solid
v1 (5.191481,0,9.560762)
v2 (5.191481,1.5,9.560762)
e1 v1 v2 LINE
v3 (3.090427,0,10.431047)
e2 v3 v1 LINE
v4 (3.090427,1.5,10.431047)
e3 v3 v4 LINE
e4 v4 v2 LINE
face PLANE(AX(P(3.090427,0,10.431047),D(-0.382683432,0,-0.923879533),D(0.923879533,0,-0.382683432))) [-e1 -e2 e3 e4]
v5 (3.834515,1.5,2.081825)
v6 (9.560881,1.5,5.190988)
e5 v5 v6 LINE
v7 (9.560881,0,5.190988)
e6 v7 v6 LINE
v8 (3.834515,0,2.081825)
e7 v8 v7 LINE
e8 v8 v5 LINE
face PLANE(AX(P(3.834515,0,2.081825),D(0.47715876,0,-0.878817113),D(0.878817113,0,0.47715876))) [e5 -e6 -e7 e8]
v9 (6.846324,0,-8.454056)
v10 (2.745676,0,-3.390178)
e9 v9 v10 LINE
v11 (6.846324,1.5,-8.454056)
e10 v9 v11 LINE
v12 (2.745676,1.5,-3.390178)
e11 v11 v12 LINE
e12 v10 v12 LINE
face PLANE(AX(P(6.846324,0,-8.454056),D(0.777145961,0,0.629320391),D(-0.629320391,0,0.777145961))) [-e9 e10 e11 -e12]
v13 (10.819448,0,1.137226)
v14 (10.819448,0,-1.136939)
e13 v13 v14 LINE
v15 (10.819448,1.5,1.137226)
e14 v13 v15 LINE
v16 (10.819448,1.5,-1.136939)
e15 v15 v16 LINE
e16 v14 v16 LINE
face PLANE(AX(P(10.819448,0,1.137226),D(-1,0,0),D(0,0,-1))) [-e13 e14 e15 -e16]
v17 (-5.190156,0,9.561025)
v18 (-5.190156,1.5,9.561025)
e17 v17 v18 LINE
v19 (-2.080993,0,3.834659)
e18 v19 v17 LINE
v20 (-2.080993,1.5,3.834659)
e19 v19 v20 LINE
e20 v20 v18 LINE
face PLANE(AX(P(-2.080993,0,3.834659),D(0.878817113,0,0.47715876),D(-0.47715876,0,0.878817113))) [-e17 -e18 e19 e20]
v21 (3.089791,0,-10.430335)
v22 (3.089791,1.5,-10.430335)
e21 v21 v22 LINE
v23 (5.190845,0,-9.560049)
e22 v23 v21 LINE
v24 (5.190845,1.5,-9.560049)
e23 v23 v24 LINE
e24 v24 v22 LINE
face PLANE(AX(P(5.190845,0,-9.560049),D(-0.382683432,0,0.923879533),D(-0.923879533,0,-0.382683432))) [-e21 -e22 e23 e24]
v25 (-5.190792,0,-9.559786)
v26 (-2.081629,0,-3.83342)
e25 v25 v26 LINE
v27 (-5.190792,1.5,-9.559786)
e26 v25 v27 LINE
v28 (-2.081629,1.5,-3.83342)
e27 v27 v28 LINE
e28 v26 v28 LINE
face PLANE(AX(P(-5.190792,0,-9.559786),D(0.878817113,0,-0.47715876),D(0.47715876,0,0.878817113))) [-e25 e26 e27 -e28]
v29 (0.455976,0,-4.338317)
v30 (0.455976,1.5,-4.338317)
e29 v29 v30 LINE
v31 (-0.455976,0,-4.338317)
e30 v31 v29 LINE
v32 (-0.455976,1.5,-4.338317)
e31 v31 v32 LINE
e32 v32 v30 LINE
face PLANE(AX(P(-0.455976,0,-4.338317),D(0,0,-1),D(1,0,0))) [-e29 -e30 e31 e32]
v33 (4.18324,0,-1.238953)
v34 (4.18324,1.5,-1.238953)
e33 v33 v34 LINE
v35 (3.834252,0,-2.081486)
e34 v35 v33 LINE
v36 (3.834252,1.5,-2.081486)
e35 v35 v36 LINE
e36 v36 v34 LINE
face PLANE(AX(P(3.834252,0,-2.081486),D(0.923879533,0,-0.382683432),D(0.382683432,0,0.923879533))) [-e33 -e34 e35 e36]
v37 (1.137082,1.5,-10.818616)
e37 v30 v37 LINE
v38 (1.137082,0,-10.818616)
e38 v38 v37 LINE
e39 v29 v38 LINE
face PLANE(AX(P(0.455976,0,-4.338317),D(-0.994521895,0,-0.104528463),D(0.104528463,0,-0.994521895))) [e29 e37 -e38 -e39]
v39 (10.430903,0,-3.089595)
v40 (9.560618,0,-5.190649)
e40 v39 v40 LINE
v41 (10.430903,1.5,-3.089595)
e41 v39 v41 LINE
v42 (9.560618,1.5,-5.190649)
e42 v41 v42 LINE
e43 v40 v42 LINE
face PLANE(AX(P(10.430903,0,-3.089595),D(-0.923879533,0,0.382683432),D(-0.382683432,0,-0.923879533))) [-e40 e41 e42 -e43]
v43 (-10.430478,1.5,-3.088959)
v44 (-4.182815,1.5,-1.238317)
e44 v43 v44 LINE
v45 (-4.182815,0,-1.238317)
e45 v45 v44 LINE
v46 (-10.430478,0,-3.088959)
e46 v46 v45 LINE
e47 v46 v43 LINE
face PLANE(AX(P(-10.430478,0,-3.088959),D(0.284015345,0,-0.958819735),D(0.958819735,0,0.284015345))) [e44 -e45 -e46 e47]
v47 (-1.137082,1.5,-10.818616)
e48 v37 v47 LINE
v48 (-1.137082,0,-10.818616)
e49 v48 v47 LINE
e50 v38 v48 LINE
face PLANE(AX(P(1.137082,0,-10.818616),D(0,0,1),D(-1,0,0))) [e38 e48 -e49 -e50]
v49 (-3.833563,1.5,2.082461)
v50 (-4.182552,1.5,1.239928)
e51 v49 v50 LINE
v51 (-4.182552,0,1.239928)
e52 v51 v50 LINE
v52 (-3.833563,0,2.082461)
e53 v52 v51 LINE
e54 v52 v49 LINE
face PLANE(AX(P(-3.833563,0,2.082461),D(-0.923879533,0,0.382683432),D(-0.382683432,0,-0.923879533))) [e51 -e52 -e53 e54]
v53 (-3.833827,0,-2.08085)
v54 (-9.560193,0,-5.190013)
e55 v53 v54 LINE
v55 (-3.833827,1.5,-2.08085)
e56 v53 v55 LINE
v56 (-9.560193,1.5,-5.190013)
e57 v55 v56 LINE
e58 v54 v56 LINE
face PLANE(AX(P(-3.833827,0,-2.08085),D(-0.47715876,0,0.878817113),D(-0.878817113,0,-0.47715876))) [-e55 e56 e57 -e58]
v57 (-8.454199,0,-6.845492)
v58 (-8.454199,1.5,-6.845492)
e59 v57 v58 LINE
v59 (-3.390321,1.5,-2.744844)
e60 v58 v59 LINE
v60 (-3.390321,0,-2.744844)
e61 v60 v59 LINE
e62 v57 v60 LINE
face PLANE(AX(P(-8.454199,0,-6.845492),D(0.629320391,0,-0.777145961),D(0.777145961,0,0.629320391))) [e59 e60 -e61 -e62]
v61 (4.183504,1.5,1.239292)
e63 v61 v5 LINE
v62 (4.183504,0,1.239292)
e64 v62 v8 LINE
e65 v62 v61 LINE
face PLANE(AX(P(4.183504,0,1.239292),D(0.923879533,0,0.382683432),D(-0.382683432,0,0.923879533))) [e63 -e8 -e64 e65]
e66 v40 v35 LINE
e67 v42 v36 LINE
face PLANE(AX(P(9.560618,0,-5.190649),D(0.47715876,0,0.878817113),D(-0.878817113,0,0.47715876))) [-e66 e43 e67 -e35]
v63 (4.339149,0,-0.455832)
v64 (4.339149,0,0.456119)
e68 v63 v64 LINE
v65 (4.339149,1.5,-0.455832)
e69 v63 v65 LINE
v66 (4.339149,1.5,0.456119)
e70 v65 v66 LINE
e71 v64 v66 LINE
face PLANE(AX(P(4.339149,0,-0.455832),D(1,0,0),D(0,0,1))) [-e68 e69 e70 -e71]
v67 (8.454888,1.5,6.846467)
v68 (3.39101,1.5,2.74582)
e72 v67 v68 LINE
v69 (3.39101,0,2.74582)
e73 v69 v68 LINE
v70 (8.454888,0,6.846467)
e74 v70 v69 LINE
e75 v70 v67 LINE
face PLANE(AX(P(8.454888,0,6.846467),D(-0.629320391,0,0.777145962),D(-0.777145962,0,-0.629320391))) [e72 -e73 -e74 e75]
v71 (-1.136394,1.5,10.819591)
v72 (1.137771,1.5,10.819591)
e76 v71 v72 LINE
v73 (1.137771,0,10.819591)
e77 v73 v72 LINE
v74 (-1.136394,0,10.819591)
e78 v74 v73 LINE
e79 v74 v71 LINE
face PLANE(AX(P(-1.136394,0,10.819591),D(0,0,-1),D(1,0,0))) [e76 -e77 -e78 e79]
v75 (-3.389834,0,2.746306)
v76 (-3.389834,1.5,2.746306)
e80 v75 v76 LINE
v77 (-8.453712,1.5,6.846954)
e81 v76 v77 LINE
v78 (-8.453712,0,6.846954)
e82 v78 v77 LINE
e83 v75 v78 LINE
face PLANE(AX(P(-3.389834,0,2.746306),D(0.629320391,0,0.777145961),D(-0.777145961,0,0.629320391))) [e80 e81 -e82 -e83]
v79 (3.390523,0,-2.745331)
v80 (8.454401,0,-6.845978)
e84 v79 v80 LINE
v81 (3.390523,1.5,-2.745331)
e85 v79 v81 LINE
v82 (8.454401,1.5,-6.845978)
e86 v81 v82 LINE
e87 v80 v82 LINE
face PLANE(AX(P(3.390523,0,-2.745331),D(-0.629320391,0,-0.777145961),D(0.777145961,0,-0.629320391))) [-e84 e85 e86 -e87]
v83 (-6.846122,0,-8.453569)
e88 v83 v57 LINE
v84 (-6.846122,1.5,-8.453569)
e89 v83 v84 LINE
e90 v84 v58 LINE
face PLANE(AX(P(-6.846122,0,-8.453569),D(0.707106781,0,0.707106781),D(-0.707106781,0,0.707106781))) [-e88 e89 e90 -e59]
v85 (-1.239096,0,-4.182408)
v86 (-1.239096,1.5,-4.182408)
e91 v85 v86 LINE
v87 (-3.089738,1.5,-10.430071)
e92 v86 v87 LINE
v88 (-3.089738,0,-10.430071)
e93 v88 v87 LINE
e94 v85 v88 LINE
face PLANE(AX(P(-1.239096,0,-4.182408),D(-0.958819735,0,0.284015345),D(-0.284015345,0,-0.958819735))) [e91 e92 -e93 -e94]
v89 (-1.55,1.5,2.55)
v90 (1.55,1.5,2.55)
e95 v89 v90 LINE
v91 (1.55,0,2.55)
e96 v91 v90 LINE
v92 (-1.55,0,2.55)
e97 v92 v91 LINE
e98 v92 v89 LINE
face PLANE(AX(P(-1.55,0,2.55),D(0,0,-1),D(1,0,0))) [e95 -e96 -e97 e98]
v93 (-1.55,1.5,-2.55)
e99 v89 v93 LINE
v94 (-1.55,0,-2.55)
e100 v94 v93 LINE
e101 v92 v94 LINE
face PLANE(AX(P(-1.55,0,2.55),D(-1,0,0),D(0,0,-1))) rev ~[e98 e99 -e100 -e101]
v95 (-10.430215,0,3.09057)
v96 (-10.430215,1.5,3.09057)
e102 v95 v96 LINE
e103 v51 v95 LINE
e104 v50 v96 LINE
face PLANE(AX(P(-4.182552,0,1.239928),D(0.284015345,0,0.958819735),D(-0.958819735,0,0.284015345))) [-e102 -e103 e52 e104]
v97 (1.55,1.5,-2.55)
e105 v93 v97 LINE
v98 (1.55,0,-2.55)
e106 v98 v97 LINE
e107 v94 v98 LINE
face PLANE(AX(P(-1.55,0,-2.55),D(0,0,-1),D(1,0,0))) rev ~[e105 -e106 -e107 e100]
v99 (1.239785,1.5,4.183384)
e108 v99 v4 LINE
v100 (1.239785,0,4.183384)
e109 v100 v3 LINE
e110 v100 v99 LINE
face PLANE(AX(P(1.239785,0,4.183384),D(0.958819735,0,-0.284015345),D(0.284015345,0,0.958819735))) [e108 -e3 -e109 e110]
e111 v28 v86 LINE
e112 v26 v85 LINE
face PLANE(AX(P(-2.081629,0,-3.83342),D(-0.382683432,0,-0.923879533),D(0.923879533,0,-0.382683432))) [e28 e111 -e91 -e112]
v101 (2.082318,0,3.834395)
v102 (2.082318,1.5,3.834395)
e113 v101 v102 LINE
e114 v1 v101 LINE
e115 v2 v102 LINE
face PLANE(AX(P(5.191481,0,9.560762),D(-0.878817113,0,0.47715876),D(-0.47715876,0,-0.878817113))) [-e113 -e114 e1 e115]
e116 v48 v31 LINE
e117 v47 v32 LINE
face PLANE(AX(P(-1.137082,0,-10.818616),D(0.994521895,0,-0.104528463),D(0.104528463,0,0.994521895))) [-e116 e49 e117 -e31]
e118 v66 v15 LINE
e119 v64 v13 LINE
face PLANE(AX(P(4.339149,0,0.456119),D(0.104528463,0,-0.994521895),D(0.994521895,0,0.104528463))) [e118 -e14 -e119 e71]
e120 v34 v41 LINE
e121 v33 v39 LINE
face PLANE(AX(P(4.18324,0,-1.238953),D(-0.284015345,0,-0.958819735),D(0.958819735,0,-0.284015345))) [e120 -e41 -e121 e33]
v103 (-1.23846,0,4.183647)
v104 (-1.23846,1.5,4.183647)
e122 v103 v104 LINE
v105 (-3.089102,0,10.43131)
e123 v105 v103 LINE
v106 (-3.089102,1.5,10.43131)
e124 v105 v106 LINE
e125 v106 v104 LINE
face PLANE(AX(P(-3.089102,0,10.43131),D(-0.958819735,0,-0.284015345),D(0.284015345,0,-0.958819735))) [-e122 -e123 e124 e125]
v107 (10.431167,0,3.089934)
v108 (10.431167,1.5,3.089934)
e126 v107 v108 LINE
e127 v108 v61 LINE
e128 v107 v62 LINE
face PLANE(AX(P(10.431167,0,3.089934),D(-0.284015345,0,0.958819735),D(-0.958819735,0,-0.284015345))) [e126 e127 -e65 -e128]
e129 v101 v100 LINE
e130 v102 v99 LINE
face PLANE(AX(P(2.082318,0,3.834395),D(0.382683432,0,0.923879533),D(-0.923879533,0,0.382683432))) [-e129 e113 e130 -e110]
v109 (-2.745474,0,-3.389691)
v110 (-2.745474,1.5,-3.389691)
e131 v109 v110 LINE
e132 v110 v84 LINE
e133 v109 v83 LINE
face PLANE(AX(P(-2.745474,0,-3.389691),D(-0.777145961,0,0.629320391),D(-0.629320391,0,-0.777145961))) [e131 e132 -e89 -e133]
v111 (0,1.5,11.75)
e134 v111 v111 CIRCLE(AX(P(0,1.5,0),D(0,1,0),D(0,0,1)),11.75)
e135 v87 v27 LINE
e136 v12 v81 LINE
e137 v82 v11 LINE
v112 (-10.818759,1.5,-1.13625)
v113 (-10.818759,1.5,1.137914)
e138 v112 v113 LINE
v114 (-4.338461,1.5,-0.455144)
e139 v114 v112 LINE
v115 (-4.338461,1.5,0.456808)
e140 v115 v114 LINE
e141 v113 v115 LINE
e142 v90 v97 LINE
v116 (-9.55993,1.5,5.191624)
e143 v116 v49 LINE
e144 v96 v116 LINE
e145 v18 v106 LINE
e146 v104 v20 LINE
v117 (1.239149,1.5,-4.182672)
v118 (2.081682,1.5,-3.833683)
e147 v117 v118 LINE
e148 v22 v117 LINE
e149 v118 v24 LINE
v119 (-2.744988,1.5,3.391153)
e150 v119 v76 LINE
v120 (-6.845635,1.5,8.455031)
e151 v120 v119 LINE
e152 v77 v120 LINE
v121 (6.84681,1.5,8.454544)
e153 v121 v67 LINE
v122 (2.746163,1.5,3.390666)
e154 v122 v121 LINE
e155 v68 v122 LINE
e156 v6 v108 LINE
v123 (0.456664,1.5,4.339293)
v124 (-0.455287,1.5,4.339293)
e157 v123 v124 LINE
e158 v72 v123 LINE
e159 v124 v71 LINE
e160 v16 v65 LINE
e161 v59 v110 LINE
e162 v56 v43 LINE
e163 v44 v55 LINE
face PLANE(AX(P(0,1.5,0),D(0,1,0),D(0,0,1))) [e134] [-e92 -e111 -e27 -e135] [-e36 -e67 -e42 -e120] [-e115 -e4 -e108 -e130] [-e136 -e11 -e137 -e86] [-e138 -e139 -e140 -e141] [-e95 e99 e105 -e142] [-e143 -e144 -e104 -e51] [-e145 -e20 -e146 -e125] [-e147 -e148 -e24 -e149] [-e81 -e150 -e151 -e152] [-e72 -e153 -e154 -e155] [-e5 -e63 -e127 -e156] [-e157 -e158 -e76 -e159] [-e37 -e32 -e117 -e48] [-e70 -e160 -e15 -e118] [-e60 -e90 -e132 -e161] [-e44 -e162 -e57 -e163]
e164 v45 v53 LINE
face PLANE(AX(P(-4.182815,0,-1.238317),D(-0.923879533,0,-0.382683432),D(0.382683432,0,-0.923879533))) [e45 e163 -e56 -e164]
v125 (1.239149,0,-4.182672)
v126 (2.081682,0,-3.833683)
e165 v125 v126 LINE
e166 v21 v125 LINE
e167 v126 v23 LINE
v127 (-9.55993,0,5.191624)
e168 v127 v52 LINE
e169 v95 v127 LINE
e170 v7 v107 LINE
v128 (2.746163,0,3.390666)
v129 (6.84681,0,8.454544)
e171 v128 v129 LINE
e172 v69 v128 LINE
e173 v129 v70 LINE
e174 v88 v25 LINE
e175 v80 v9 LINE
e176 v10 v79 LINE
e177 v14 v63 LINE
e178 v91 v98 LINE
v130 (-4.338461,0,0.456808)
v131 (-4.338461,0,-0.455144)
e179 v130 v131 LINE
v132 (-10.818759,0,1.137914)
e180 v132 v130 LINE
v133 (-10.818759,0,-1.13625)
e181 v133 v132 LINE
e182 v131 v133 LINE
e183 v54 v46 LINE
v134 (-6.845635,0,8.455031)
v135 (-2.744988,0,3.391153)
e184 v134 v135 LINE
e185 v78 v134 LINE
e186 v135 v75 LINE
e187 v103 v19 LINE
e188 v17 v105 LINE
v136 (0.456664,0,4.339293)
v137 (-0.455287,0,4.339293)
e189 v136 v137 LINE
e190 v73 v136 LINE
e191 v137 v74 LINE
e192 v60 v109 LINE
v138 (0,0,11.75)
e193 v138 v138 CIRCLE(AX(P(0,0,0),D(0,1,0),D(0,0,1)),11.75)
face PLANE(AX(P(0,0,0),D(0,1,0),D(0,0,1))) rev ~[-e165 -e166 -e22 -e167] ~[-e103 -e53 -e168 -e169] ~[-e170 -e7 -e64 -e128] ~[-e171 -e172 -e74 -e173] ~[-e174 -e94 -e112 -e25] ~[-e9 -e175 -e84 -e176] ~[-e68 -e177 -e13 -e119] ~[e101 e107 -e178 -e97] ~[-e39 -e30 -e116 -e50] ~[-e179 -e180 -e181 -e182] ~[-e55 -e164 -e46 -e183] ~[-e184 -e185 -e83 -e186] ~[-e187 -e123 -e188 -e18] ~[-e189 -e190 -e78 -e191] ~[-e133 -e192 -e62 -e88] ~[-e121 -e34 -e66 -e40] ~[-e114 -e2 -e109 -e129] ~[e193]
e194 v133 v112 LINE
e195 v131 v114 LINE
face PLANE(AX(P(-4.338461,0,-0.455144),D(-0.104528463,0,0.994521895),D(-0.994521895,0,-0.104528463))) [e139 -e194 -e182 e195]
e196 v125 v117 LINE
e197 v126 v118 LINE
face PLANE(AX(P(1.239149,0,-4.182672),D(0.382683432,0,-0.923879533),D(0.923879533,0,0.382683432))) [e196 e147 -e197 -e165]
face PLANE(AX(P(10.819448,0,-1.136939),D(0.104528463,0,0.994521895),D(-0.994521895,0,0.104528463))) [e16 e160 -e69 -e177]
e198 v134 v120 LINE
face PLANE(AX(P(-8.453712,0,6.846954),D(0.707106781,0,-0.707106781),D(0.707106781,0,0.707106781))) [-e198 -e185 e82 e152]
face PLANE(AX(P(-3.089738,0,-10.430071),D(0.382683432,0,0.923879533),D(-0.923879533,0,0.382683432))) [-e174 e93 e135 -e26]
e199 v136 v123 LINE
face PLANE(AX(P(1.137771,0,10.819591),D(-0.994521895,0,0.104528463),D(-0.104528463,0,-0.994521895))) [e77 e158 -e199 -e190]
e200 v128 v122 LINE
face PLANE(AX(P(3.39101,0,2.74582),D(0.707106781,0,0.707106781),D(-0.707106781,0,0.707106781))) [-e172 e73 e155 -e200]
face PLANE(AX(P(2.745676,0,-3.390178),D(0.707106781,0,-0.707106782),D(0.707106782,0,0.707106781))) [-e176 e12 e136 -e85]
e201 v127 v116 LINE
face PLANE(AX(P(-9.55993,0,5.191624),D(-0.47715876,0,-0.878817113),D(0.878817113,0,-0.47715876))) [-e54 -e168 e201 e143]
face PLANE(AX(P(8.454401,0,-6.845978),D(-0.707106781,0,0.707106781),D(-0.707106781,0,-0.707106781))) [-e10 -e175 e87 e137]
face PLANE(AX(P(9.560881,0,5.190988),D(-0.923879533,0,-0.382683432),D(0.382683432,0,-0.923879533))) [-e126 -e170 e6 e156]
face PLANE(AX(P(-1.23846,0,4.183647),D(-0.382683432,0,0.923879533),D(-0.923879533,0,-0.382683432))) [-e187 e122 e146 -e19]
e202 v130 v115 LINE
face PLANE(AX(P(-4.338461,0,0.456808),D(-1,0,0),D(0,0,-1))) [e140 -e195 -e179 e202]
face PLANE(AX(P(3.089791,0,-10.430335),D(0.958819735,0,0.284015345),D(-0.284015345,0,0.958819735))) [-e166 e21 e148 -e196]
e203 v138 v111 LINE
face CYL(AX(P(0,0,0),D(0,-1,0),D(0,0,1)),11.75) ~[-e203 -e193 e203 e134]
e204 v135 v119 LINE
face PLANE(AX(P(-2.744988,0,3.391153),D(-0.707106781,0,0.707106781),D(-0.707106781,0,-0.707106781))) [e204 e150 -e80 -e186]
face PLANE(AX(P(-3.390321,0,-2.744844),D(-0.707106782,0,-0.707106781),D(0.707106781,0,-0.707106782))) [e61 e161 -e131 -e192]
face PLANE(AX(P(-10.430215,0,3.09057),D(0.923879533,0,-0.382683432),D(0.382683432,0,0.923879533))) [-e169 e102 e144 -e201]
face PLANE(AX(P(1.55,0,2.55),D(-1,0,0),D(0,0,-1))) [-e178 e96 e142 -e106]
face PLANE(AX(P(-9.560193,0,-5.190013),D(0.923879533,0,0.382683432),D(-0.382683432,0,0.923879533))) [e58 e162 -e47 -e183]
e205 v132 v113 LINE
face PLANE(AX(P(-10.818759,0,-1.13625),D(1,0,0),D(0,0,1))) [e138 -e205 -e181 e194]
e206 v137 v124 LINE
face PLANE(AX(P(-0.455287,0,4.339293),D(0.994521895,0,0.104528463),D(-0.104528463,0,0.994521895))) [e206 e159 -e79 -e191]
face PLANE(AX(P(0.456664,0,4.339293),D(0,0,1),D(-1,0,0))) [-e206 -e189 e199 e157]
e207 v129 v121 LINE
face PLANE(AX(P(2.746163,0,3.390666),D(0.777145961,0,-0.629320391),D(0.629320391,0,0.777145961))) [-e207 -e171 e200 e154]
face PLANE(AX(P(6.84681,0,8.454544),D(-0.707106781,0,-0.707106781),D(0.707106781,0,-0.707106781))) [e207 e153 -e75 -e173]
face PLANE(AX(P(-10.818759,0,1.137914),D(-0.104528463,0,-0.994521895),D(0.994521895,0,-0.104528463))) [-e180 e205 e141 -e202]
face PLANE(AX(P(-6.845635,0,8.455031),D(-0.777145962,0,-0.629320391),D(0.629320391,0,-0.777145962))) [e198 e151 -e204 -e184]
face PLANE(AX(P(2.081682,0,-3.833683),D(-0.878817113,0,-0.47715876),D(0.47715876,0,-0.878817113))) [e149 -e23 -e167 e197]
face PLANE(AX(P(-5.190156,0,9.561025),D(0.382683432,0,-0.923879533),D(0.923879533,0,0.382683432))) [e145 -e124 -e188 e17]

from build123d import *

# Parameters (mm, degrees)
SKETCH1_R           = 11.75
SKETCH1_W           = 3.1
SKETCH1_H           = 5.1
BOSS_EXTRUDE1_DEPTH = 1.5


with BuildPart() as part:
    # Sketch1 (on Top Plane) → Boss-Extrude1 (new body)
    with BuildSketch(Plane(origin=(0, 0, 0), x_dir=(1, 0, 0), z_dir=(0, 1, 0))):
        with Locations(Location((0, 0, 0), (0, 0, 270))):
            Circle(SKETCH1_R)
        Rectangle(SKETCH1_W, SKETCH1_H, mode=Mode.SUBTRACT)
        Polygon((0.455975537, 4.338317439), (1.137082311, 10.81861552), (-1.137082311, 10.81861552), (-0.455975537, 4.338317439), align=None, mode=Mode.SUBTRACT)
        Polygon((2.081681544, 3.833682994), (5.190844864, 9.560049478), (3.089790717, 10.430334601), (1.239148612, 4.182671561), align=None, mode=Mode.SUBTRACT)
        Polygon((3.390522808, 2.745330804), (8.454400744, 6.845978303), (6.846323518, 8.454055528), (2.745676019, 3.390177592), align=None, mode=Mode.SUBTRACT)
        Polygon((4.183240111, 1.238952624), (10.430903151, 3.089594729), (9.560618028, 5.190648876), (3.834251544, 2.081485556), align=None, mode=Mode.SUBTRACT)
        Polygon((4.339149431, -0.456119123), (10.819447512, -1.137225897), (10.819447512, 1.136938725), (4.339149431, 0.455831951), align=None, mode=Mode.SUBTRACT)
        Polygon((3.834514986, -2.08182513), (9.56088147, -5.19098845), (10.431166593, -3.089934303), (4.183503553, -1.239292198), align=None, mode=Mode.SUBTRACT)
        Polygon((2.746162796, -3.390666394), (6.846810295, -8.45454433), (8.45488752, -6.846467104), (3.391009584, -2.745819606), align=None, mode=Mode.SUBTRACT)
        Polygon((1.239784616, -4.183383697), (3.090426721, -10.431046737), (5.191480868, -9.560761614), (2.082317548, -3.83439513), align=None, mode=Mode.SUBTRACT)
        Polygon((-0.455287131, -4.339293017), (-1.136393905, -10.819591098), (1.137770717, -10.819591098), (0.456663943, -4.339293017), align=None, mode=Mode.SUBTRACT)
        Polygon((-2.080993138, -3.834658572), (-5.190156458, -9.561025056), (-3.089102311, -10.431310179), (-1.238460206, -4.183647139), align=None, mode=Mode.SUBTRACT)
        Polygon((-3.389834402, -2.746306382), (-8.453712338, -6.846953881), (-6.845635112, -8.455031106), (-2.744987614, -3.39115317), align=None, mode=Mode.SUBTRACT)
        Polygon((-4.182551705, -1.239928202), (-10.430214745, -3.090570307), (-9.559929622, -5.191624454), (-3.833563138, -2.082461134), align=None, mode=Mode.SUBTRACT)
        Polygon((-4.338461025, 0.455143545), (-10.818759106, 1.136250319), (-10.818759106, -1.137914303), (-4.338461025, -0.456807529), align=None, mode=Mode.SUBTRACT)
        Polygon((-3.83382658, 2.080849552), (-9.560193064, 5.190012872), (-10.430478187, 3.088958725), (-4.182815147, 1.23831662), align=None, mode=Mode.SUBTRACT)
        Polygon((-2.74547439, 3.389690816), (-6.846121889, 8.453568752), (-8.454199114, 6.845491526), (-3.390321178, 2.744844027), align=None, mode=Mode.SUBTRACT)
        Polygon((-1.23909621, 4.182408119), (-3.089738315, 10.430071159), (-5.190792462, 9.559786036), (-2.081629142, 3.833419552), align=None, mode=Mode.SUBTRACT)
    extrude(amount=BOSS_EXTRUDE1_DEPTH)


solid = part.part
